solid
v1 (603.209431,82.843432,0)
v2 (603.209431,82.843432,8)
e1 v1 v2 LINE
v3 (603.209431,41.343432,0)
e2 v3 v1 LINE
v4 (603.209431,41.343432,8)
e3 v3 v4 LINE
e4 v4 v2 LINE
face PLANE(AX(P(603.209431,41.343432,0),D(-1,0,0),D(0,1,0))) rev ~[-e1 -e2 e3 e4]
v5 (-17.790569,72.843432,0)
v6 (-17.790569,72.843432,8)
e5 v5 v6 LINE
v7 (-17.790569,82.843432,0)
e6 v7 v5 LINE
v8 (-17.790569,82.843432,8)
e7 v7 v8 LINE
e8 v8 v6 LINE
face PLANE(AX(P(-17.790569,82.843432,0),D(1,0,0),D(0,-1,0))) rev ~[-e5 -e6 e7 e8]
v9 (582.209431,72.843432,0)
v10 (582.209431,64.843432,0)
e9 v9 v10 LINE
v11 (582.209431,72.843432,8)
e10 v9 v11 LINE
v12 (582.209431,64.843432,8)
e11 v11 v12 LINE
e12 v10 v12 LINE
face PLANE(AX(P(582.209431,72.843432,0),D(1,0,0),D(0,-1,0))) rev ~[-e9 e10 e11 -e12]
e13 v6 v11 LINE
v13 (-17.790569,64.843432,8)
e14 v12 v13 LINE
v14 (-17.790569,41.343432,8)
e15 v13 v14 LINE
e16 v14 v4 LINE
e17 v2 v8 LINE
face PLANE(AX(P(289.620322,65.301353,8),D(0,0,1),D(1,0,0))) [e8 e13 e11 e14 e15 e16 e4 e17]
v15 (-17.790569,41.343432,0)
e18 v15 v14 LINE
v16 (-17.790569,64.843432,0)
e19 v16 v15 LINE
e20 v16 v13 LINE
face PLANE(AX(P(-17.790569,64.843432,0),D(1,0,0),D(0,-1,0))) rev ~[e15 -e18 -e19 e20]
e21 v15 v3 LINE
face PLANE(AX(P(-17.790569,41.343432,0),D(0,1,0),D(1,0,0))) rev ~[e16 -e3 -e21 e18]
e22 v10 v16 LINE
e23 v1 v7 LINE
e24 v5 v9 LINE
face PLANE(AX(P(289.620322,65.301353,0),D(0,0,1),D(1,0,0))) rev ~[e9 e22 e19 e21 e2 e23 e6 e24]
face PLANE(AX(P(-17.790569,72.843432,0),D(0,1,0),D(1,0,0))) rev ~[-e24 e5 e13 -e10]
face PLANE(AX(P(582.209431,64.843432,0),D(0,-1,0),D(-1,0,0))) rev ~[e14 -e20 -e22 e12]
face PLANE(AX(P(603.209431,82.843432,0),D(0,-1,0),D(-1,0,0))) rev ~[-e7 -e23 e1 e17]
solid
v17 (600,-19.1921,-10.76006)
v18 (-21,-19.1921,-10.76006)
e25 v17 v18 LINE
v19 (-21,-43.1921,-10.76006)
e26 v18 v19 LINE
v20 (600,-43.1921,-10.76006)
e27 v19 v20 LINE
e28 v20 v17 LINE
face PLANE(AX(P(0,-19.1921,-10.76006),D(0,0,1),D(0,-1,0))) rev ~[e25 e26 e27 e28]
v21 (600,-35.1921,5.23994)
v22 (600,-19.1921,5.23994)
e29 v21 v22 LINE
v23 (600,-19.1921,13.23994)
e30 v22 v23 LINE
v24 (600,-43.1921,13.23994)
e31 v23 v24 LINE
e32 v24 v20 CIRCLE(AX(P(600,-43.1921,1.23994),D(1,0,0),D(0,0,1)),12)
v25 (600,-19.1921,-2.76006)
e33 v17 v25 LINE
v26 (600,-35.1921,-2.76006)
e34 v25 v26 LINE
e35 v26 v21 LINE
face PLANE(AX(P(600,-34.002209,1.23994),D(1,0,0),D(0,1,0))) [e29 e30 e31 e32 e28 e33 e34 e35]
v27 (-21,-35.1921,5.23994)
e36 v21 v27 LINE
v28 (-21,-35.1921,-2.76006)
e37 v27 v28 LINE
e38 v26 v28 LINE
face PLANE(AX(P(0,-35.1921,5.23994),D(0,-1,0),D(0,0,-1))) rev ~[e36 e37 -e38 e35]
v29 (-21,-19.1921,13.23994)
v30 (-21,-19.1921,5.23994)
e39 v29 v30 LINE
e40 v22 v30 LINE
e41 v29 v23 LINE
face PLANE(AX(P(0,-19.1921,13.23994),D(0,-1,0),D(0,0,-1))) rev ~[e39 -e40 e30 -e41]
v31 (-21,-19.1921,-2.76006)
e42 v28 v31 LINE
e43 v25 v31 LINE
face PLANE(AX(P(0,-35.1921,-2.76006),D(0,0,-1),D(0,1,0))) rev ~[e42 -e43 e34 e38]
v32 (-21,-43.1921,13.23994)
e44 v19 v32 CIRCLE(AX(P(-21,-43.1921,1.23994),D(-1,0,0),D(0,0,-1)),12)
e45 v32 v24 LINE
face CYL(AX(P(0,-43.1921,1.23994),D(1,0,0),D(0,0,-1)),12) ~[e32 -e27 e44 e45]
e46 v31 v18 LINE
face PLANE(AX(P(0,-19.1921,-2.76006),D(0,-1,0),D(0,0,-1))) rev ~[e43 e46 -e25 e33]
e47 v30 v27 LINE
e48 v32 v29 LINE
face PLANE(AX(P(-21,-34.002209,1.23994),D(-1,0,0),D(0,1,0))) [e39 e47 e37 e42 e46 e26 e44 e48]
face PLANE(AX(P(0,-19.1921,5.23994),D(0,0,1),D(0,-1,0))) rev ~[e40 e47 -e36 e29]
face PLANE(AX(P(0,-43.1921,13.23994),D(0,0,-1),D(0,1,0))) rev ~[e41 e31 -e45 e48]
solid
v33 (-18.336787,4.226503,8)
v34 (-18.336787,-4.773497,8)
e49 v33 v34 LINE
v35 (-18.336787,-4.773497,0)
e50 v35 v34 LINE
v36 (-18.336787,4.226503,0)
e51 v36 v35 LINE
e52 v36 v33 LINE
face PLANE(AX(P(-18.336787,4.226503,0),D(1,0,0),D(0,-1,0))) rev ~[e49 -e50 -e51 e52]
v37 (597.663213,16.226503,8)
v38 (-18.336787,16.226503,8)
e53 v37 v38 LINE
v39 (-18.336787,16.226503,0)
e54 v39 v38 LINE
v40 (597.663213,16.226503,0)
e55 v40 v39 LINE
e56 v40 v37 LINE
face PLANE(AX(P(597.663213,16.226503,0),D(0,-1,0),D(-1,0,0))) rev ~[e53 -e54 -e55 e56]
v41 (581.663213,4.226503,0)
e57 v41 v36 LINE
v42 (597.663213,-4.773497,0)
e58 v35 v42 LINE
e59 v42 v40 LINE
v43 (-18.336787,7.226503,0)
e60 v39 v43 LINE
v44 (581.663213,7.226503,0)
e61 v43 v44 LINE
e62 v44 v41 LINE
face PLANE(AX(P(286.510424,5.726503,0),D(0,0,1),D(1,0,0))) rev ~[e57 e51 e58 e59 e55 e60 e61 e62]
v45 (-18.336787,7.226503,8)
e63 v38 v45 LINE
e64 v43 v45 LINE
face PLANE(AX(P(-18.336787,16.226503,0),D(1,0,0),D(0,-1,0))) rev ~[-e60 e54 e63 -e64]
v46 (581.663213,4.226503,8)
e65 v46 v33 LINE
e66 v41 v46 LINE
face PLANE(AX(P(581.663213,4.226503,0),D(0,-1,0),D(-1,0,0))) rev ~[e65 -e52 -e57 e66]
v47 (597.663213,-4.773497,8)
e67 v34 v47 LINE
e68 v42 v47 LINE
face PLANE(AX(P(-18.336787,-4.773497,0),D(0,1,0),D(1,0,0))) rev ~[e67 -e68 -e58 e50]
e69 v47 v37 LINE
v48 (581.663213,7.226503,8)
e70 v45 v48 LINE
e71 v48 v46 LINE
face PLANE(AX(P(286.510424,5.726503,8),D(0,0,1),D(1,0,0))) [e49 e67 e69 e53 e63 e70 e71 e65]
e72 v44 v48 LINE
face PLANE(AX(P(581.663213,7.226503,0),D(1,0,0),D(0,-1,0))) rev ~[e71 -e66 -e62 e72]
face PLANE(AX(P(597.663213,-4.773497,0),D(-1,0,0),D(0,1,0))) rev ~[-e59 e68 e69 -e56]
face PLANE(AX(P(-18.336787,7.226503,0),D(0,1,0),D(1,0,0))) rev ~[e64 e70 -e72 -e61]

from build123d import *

# Parameters (mm, degrees)
F2_DEPTH = 8
F3_DEPTH = 8
F5_DEPTH = 600
F6_DEPTH = 21


with BuildPart() as f2:
    # F0 (on Top) → F2 (new body)
    with BuildSketch(Plane.XY):
        Polygon((581.663213, 16.226503), (-18.336787, 16.226503), (-18.336787, 7.226503), (581.663213, 7.226503), (581.663213, 4.226503), (-18.336787, 4.226503), (-18.336787, -4.773497), (581.663213, -4.773497), (597.663213, -4.773497), (597.663213, 16.226503), align=None)
    extrude(amount=F2_DEPTH)


with BuildPart() as f3:
    # F1 (on Top) → F3 (new body)
    with BuildSketch(Plane.XY):
        Polygon((-17.790569, 64.843432), (-17.790569, 41.343432), (582.209431, 41.343432), (603.209431, 41.343432), (603.209431, 82.843432), (582.209431, 82.843432), (-17.790569, 82.843432), (-17.790569, 72.843432), (582.209431, 72.843432), (582.209431, 64.843432), align=None)
    extrude(amount=F3_DEPTH)


with BuildPart() as f5:
    # F4 (on Right) → F5 (new body)
    with BuildSketch(Plane.YZ):
        with BuildLine():
            Line((-19.1921, 5.23994), (-19.1921, 13.23994))
            Line((-19.1921, 13.23994), (-43.1921, 13.23994))
            ThreePointArc((-43.1921, 13.23994), (-55.1921, 1.23994), (-43.1921, -10.76006))
            Line((-43.1921, -10.76006), (-19.1921, -10.76006))
            Line((-19.1921, -10.76006), (-19.1921, -2.76006))
            Line((-19.1921, -2.76006), (-35.1921, -2.76006))
            Line((-35.1921, -2.76006), (-35.1921, 5.23994))
            Line((-35.1921, 5.23994), (-19.1921, 5.23994))
        make_face()
    extrude(amount=F5_DEPTH)

    # F5_face (on face) → F6 (join)
    with BuildSketch(Plane(origin=(0, -37.686272, 1.23994), x_dir=(0, 1, 0), z_dir=(-1, 0, 0))):
        with BuildLine():
            Line((18.494172, -12), (18.494172, -4))
            Line((18.494172, -4), (2.494172, -4))
            Line((2.494172, -4), (2.494172, 4))
            Line((2.494172, 4), (18.494172, 4))
            Line((18.494172, 4), (18.494172, 12))
            Line((18.494172, 12), (-5.505828, 12))
            ThreePointArc((-5.505828, 12), (-17.505828, 0), (-5.505828, -12))
            Line((-5.505828, -12), (18.494172, -12))
        make_face()
    extrude(amount=F6_DEPTH)


solid = Compound([f2.part, f3.part, f5.part])
